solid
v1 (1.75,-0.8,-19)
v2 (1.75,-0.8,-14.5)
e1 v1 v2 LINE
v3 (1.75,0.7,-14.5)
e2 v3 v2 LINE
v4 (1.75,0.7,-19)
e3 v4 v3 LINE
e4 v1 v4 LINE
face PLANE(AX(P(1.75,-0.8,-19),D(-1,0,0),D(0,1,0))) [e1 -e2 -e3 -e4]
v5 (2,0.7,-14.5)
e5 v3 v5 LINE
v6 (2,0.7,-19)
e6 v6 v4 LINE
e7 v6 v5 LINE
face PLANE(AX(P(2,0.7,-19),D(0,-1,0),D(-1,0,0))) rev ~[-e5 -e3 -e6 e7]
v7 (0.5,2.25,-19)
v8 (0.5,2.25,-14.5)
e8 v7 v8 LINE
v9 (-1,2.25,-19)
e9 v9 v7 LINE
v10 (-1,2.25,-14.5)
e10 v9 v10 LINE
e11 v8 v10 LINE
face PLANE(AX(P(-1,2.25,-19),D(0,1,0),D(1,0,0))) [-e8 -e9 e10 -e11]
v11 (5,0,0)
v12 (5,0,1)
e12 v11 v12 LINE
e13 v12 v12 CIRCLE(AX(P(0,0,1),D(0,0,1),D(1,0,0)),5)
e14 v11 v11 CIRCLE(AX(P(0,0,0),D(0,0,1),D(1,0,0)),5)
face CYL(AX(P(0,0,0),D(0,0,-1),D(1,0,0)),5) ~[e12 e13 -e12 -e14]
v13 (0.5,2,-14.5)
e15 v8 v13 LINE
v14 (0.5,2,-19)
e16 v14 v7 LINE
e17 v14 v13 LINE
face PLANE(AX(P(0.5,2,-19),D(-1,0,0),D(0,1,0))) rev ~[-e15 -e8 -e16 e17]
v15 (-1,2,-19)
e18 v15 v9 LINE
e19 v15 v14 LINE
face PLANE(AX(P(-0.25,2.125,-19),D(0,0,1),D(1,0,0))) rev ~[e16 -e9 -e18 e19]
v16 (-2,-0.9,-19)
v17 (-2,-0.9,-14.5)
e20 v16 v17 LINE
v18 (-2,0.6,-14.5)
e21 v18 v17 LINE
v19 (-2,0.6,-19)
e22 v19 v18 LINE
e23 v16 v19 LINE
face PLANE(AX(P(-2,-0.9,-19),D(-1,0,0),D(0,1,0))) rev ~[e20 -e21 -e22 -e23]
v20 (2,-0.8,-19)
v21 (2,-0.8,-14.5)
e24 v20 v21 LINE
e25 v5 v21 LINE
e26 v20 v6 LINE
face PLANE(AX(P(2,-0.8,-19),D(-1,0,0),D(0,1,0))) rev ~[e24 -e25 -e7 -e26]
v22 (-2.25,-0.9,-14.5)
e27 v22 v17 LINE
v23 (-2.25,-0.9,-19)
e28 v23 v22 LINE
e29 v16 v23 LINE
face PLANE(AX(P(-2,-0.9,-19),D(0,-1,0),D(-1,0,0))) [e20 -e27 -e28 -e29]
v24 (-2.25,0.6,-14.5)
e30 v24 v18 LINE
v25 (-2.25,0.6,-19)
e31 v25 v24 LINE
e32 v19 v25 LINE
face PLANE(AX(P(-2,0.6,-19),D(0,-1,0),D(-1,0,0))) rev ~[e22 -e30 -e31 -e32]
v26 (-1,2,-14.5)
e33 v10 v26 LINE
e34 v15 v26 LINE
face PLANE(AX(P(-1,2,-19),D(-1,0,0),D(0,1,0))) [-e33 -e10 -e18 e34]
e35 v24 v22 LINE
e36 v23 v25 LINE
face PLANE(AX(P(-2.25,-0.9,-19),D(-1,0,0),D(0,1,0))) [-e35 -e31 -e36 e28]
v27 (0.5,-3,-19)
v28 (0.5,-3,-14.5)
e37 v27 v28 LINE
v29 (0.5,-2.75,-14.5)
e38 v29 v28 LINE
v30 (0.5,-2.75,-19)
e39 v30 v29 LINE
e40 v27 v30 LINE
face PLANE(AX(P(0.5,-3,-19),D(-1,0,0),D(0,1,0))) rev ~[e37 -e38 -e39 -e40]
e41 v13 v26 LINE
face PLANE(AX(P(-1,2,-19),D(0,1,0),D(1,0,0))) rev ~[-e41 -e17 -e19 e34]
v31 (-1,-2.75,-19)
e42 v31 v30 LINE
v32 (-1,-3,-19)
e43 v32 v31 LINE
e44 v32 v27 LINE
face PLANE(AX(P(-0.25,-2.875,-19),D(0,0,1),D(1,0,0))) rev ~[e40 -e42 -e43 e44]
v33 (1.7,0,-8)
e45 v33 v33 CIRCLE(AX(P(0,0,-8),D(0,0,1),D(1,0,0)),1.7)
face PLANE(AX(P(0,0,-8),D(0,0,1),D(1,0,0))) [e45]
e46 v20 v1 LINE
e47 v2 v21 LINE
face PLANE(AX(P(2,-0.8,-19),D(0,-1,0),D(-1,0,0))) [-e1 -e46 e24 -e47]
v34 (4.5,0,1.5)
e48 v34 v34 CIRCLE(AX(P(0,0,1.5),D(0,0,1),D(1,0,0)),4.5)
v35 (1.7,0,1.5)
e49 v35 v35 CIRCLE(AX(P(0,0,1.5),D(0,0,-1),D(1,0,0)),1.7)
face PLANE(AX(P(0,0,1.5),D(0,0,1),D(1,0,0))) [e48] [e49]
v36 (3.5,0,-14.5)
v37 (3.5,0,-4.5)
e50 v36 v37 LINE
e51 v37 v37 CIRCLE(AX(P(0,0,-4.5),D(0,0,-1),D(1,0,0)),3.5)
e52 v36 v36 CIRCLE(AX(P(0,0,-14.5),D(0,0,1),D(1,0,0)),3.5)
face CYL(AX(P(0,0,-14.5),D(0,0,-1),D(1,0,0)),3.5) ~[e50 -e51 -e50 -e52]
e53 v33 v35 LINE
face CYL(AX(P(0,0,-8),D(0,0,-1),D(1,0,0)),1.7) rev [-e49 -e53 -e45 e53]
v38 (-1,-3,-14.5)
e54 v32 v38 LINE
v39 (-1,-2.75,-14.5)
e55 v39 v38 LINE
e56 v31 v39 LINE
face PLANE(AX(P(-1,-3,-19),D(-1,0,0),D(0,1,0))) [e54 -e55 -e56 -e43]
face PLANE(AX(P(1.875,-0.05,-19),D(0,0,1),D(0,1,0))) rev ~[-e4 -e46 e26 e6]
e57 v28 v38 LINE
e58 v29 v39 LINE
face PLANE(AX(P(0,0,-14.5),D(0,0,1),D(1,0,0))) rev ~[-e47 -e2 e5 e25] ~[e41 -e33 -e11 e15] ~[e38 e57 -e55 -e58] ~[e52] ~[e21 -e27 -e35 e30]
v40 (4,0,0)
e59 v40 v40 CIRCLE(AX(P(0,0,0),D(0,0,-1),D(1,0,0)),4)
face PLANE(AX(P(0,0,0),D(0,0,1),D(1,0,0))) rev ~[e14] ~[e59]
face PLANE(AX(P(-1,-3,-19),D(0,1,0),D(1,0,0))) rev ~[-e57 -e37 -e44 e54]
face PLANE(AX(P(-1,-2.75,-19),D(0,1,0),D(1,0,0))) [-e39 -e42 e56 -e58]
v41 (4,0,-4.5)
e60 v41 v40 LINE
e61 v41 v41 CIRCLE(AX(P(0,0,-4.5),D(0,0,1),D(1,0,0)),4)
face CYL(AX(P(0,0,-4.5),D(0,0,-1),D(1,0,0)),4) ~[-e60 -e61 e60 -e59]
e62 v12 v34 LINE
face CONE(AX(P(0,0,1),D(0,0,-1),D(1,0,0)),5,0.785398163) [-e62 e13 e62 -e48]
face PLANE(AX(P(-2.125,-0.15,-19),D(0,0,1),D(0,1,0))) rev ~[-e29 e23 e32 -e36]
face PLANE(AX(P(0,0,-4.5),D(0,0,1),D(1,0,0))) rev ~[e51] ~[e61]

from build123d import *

# Parameters (mm, degrees)
CYLINDER003_R             = 1.7
CYLINDER003_DEPTH         = 10
CYLINDER002_R             = 3.5
CYLINDER002_DEPTH         = 16
BOX_W                     = 1.5
BOX_H                     = 0.25
BOX_DEPTH                 = 4.6
BOX001_W                  = 1.5
BOX001_H                  = 0.25
BOX001_DEPTH              = 4.6
BOX001001_W               = 1.5
BOX001001_H               = 0.25
BOX001001_DEPTH           = 4.6
BOX001001_PLACEMENT_ANGLE = 90
BOX001002_W               = 1.5
BOX001002_H               = 0.25
BOX001002_DEPTH           = 4.6
BOX001002_PLACEMENT_ANGLE = 90
CYLINDER_R                = 5
CYLINDER_DEPTH            = 1.5
CHAMFER_SIZE              = 0.5
CYLINDER001_R             = 4
CYLINDER001_DEPTH         = 4.6


with BuildPart() as hole:
    # Cylinder003 → Cylinder003 (new body)
    with BuildSketch(Plane.XY.offset(-8)):
        Circle(CYLINDER003_R)
    extrude(amount=CYLINDER003_DEPTH)


with BuildPart() as cylinder002:
    # Cylinder002 → Cylinder002 (new body)
    with BuildSketch(Plane.XY.offset(-14.5)):
        Circle(CYLINDER002_R)
    extrude(amount=CYLINDER002_DEPTH)


with BuildPart() as contact:
    # Box → Box (new body)
    with BuildSketch(Plane(origin=(-1, -3, -19), x_dir=(1, 0, 0), z_dir=(0, 0, 1))):
        with Locations((0.75, 0.125)):
            Rectangle(BOX_W, BOX_H)
    extrude(amount=BOX_DEPTH)


with BuildPart() as contact001:
    # Box001 → Box001 (new body)
    with BuildSketch(Plane(origin=(-1, 2, -19), x_dir=(1, 0, 0), z_dir=(0, 0, 1))):
        with Locations((0.75, 0.125)):
            Rectangle(BOX001_W, BOX001_H)
    extrude(amount=BOX001_DEPTH)


with BuildPart() as contact002:
    # Box001001 → Box001001 (new body)
    with BuildSketch(Plane.XY):
        with Locations((0.75, 0.125)):
            Rectangle(BOX001001_W, BOX001001_H)
    extrude(amount=BOX001001_DEPTH)


with BuildPart() as contact002_1:
    # Box001001 placement: moved
    add(contact002.part.moved(Location((2, -0.8, -19))).rotate(Axis((2, -0.8, -19), (0, 0, 1)), BOX001001_PLACEMENT_ANGLE))


with BuildPart() as contact003:
    # Box001002 → Box001002 (new body)
    with BuildSketch(Plane.XY):
        with Locations((0.75, 0.125)):
            Rectangle(BOX001002_W, BOX001002_H)
    extrude(amount=BOX001002_DEPTH)


with BuildPart() as contact003_1:
    # Box001002 placement: moved
    add(contact003.part.moved(Location((-2, -0.9, -19))).rotate(Axis((-2, -0.9, -19), (0, 0, 1)), BOX001002_PLACEMENT_ANGLE))


with BuildPart() as chamfer_body:
    # Cylinder → Cylinder (new body)
    with BuildSketch(Plane.XY):
        Circle(CYLINDER_R)
    extrude(amount=CYLINDER_DEPTH)

    # Chamfer
    chamfer_edges = [chamfer_body.edges().sort_by_distance(p)[0] for p in [
        (-5, 0, 1.5),
    ]]
    chamfer(chamfer_edges, length=CHAMFER_SIZE)


with BuildPart() as cut:
    # Cylinder001 → Cylinder001 (new body)
    with BuildSketch(Plane.XY.offset(-4.5)):
        Circle(CYLINDER001_R)
    extrude(amount=CYLINDER001_DEPTH)

    # Fusion: union Cylinder002, Contact, Contact001, Contact002, Contact003, Chamfer body
    add(cylinder002.part)
    add(contact.part)
    add(contact001.part)
    add(contact002_1.part)
    add(contact003_1.part)
    add(chamfer_body.part)

    # Cut: cut hole
    add(hole.part, mode=Mode.SUBTRACT)


solid = cut.part
